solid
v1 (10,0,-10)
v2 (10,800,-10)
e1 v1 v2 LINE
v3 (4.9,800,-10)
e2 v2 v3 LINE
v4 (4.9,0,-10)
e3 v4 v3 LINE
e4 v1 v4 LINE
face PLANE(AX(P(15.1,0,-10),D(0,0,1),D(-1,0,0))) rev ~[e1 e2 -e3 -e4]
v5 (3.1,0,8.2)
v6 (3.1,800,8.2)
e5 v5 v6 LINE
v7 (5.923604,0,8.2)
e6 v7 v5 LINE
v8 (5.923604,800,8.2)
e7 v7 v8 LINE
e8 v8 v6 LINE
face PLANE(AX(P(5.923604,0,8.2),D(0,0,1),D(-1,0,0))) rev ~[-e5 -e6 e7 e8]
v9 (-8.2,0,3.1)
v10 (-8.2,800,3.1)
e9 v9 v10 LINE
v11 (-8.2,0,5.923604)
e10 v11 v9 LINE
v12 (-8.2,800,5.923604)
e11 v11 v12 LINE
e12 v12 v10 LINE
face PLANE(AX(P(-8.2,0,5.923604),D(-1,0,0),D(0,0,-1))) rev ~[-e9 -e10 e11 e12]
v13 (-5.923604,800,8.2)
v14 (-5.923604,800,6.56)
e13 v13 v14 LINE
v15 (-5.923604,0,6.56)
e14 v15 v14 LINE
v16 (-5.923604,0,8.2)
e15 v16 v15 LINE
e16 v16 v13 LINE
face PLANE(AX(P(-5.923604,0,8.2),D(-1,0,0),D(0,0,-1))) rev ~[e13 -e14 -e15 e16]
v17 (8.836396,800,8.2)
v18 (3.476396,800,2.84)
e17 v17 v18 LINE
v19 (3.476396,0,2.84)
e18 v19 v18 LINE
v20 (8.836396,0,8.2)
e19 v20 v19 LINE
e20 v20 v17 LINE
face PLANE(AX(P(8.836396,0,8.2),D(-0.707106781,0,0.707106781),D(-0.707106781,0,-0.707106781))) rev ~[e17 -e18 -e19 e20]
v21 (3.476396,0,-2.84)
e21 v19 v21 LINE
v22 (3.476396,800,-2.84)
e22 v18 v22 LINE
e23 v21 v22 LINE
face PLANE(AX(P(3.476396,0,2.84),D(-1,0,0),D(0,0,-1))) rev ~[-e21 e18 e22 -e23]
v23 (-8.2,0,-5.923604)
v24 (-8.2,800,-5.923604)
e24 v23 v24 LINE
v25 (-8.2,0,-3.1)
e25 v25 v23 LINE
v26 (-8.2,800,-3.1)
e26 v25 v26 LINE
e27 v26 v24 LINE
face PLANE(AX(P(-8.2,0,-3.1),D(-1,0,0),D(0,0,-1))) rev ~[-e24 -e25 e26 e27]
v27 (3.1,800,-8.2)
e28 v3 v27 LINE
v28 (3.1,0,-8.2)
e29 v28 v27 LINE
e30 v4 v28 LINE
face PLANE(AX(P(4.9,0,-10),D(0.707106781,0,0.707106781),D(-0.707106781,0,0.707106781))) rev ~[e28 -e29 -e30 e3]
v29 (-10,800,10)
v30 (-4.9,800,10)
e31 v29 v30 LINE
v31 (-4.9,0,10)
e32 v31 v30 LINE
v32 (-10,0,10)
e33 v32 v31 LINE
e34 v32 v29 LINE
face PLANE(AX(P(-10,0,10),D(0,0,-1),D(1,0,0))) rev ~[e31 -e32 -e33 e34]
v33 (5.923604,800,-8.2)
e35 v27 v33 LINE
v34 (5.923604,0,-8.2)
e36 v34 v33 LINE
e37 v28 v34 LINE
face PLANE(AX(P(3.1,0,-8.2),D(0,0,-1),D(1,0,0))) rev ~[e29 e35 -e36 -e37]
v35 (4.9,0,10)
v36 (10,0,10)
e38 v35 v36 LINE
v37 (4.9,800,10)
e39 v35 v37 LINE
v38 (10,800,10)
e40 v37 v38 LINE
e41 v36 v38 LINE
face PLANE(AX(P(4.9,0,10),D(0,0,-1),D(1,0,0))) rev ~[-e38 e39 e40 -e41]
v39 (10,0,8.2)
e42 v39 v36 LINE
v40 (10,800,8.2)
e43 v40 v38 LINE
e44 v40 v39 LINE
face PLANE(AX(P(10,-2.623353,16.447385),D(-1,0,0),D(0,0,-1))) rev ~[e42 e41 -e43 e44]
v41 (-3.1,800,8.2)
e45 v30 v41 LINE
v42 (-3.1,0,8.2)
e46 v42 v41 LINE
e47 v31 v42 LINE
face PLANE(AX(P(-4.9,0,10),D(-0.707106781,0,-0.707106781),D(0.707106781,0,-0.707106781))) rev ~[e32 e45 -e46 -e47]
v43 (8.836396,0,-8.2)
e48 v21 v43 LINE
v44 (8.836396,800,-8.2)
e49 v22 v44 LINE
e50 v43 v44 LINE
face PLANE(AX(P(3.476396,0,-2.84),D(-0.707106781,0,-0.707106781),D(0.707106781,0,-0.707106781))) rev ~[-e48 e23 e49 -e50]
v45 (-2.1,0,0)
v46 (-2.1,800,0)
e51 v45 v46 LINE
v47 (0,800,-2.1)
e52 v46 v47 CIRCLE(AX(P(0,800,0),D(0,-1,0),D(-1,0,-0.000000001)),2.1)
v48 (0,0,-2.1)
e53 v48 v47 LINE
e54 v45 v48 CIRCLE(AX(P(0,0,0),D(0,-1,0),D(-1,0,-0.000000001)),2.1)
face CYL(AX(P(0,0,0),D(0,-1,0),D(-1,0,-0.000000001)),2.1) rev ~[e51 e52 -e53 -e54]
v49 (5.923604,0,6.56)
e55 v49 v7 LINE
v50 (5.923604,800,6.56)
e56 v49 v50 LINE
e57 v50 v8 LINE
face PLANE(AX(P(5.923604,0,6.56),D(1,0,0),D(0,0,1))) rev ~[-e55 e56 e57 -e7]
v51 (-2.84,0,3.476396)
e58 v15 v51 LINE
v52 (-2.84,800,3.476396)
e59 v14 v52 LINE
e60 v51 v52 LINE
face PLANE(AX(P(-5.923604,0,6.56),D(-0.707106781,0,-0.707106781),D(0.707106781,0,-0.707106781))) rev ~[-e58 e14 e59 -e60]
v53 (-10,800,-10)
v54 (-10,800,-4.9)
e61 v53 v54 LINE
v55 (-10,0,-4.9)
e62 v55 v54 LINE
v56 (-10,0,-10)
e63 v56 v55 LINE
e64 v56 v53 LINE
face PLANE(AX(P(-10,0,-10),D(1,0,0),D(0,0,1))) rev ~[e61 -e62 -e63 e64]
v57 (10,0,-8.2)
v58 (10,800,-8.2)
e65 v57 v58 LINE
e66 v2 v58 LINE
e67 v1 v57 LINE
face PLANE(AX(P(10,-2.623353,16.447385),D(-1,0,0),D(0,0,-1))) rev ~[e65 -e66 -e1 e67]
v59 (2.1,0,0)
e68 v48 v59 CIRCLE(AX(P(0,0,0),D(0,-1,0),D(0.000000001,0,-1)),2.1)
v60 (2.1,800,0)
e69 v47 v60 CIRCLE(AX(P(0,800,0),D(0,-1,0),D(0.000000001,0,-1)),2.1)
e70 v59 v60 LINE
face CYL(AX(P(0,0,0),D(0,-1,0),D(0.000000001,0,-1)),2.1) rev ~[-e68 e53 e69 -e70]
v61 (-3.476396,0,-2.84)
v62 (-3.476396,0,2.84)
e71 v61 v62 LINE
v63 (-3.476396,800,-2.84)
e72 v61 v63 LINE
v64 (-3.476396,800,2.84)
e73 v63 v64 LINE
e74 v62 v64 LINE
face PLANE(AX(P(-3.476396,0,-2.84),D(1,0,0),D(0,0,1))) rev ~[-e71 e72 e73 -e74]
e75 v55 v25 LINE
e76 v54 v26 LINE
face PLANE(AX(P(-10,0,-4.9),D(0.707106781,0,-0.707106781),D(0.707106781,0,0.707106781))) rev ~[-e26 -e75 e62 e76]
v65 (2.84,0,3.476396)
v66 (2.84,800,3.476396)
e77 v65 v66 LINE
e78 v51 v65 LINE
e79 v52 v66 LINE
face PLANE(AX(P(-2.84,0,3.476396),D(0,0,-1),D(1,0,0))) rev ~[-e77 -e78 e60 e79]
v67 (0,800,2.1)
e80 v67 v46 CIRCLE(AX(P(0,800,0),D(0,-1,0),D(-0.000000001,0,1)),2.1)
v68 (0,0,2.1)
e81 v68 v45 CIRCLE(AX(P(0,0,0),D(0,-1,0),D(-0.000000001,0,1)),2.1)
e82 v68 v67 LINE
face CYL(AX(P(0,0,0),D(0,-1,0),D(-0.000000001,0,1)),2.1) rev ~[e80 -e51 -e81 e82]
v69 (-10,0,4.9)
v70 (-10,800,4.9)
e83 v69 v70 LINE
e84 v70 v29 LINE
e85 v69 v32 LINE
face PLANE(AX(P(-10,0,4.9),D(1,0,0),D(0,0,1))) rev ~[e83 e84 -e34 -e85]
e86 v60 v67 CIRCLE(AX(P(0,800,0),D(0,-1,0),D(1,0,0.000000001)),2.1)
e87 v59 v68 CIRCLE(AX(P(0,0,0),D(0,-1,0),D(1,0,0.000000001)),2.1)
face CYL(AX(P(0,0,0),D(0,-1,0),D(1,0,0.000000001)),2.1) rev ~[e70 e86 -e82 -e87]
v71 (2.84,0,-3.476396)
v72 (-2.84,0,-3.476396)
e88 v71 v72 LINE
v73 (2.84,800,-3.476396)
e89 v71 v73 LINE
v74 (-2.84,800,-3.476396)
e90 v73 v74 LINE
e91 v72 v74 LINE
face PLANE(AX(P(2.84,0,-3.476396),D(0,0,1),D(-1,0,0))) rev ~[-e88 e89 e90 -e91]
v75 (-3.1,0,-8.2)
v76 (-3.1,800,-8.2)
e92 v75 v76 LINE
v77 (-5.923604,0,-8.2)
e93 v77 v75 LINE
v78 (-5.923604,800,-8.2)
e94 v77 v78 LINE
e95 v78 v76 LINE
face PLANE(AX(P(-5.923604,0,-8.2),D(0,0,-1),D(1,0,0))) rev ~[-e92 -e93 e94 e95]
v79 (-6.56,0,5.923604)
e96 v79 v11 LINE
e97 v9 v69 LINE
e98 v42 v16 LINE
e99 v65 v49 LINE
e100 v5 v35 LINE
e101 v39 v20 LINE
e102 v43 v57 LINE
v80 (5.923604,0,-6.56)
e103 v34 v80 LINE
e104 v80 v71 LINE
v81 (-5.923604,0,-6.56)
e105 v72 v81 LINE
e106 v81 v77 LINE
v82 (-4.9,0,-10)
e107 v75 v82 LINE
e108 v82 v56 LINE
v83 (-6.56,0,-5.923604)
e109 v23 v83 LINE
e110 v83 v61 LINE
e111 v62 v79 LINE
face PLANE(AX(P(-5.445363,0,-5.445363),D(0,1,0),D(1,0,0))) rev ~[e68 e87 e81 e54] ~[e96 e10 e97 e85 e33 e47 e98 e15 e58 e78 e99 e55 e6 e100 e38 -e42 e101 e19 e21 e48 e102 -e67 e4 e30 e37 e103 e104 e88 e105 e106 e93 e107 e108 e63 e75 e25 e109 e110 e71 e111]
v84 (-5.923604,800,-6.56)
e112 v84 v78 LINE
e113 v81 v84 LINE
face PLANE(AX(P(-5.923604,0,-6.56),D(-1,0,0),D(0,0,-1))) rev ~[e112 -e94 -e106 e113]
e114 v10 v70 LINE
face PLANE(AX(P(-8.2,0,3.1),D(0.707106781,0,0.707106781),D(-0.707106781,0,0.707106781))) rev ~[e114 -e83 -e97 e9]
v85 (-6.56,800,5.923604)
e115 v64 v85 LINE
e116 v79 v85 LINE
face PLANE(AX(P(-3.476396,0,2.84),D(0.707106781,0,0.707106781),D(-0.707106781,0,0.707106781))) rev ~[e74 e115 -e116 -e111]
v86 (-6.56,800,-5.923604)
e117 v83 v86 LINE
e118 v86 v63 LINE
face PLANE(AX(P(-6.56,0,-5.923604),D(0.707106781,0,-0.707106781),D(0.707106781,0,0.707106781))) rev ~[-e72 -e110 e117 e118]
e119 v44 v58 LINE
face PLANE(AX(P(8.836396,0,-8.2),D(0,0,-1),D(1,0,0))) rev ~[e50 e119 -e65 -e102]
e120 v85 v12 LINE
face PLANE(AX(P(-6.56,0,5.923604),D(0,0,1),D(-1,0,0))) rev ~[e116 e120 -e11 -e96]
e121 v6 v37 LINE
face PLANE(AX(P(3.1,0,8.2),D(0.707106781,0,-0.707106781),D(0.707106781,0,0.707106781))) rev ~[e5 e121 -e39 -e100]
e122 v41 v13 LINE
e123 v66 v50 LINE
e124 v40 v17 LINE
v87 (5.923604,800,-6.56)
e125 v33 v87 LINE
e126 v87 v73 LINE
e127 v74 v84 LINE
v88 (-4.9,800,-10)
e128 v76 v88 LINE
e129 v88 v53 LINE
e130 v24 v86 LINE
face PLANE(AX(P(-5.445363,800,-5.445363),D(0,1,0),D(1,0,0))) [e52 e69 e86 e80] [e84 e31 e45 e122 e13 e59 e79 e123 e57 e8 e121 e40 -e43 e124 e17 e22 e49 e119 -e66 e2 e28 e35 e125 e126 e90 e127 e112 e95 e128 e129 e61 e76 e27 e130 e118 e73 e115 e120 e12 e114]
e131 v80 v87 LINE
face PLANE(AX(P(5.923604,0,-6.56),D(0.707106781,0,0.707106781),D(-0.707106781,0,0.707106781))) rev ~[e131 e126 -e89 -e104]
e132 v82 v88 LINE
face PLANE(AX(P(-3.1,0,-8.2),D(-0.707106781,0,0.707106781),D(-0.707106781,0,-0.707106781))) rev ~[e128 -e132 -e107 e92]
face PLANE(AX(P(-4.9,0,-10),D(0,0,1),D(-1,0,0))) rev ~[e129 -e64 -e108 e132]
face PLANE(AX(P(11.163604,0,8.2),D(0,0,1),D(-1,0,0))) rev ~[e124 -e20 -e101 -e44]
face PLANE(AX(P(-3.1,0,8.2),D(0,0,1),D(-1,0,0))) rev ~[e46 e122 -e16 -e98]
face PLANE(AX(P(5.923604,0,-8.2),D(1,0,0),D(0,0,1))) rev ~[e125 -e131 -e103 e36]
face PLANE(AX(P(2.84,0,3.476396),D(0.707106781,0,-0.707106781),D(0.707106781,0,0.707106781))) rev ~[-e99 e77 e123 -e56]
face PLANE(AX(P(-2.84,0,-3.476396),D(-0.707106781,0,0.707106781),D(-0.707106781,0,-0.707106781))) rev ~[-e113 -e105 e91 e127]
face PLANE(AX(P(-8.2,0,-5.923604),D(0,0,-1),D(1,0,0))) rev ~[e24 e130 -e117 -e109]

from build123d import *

# Parameters (mm, degrees)
EXTRUDE_1_DEPTH          = 800
CUT_EXTRUDE_1_DEPTH      = 802.623352953
CUT_EXTRUDE_1_DEPTH_BACK = 802.623352953
SKETCH_2_W               = 44.352947912
SKETCH_2_H               = 26.447385174


with BuildPart() as part:
    # 草图1 → 凸台-拉伸1 (new body)
    with BuildSketch(Plane(origin=(0, 0, 0), x_dir=(1, 0, 0), z_dir=(0, 1, 0))):
        with BuildLine():
            Line((-3.476396103, 2.84), (-3.476396103, 0))
            Line((-3.476396103, 0), (-2.1, 0))
            ThreePointArc((-2.1, 0), (-1.48492424, 1.48492424), (0, 2.1))
            Line((0, 2.1), (0, 3.476396103))
            Line((0, 3.476396103), (-2.84, 3.476396103))
            Line((-2.84, 3.476396103), (-5.923603897, 6.56))
            Line((-5.923603897, 6.56), (-5.923603897, 8.2))
            Line((-5.923603897, 8.2), (-3.1, 8.2))
            Line((-3.1, 8.2), (-4.9, 10))
            Line((-4.9, 10), (-10, 10))
            Line((-10, 10), (-10, 4.9))
            Line((-10, 4.9), (-8.2, 3.1))
            Line((-8.2, 3.1), (-8.2, 5.923603897))
            Line((-8.2, 5.923603897), (-6.56, 5.923603897))
            Line((-6.56, 5.923603897), (-3.476396103, 2.84))
        make_face()
        with BuildLine():
            Line((-2.1, 0), (-3.476396103, 0))
            Line((-3.476396103, 0), (-3.476396103, -2.84))
            Line((-3.476396103, -2.84), (-6.56, -5.923603897))
            Line((-6.56, -5.923603897), (-8.2, -5.923603897))
            Line((-8.2, -5.923603897), (-8.2, -3.1))
            Line((-8.2, -3.1), (-10, -4.9))
            Line((-10, -4.9), (-10, -10))
            Line((-10, -10), (-4.9, -10))
            Line((-4.9, -10), (-3.1, -8.2))
            Line((-3.1, -8.2), (-5.923603897, -8.2))
            Line((-5.923603897, -8.2), (-5.923603897, -6.56))
            Line((-5.923603897, -6.56), (-2.84, -3.476396103))
            Line((-2.84, -3.476396103), (0, -3.476396103))
            Line((0, -3.476396103), (0, -2.1))
            ThreePointArc((0, -2.1), (-1.48492424, -1.48492424), (-2.1, 0))
        make_face()
        with BuildLine():
            ThreePointArc((2.1, 0), (1.48492424, -1.48492424), (0, -2.1))
            Line((0, -2.1), (0, -3.476396103))
            Line((0, -3.476396103), (2.84, -3.476396103))
            Line((2.84, -3.476396103), (5.923603897, -6.56))
            Line((5.923603897, -6.56), (5.923603897, -8.2))
            Line((5.923603897, -8.2), (3.1, -8.2))
            Line((3.1, -8.2), (4.9, -10))
            Line((4.9, -10), (15.1, -10))
            Line((15.1, -10), (16.9, -8.2))
            Line((16.9, -8.2), (14.076396103, -8.2))
            Line((14.076396103, -8.2), (14.076396103, -6.56))
            Line((14.076396103, -6.56), (17.16, -3.476396103))
            Line((17.16, -3.476396103), (20, -3.476396103))
            Line((20, -3.476396103), (20, -2.1))
            ThreePointArc((20, -2.1), (18.51507576, -1.48492424), (17.9, 0))
            Line((17.9, 0), (16.523603897, 0))
            Line((16.523603897, 0), (16.523603897, -2.84))
            Line((16.523603897, -2.84), (13.44, -5.923603897))
            Line((13.44, -5.923603897), (11.163603897, -8.2))
            Line((11.163603897, -8.2), (8.836396103, -8.2))
            Line((8.836396103, -8.2), (6.56, -5.923603897))
            Line((6.56, -5.923603897), (3.476396103, -2.84))
            Line((3.476396103, -2.84), (3.476396103, 0))
            Line((3.476396103, 0), (2.1, 0))
        make_face()
        with BuildLine():
            Line((0, 3.476396103), (0, 2.1))
            ThreePointArc((0, 2.1), (1.48492424, 1.48492424), (2.1, 0))
            Line((2.1, 0), (3.476396103, 0))
            Line((3.476396103, 0), (3.476396103, 2.84))
            Line((3.476396103, 2.84), (6.56, 5.923603897))
            Line((6.56, 5.923603897), (8.836396103, 8.2))
            Line((8.836396103, 8.2), (11.163603897, 8.2))
            Line((11.163603897, 8.2), (13.44, 5.923603897))
            Line((13.44, 5.923603897), (16.523603897, 2.84))
            Line((16.523603897, 2.84), (16.523603897, 0))
            Line((16.523603897, 0), (17.9, 0))
            ThreePointArc((17.9, 0), (18.51507576, 1.48492424), (20, 2.1))
            Line((20, 2.1), (20, 3.476396103))
            Line((20, 3.476396103), (17.16, 3.476396103))
            Line((17.16, 3.476396103), (14.076396103, 6.56))
            Line((14.076396103, 6.56), (14.076396103, 8.2))
            Line((14.076396103, 8.2), (16.9, 8.2))
            Line((16.9, 8.2), (15.1, 10))
            Line((15.1, 10), (4.9, 10))
            Line((4.9, 10), (3.1, 8.2))
            Line((3.1, 8.2), (5.923603897, 8.2))
            Line((5.923603897, 8.2), (5.923603897, 6.56))
            Line((5.923603897, 6.56), (2.84, 3.476396103))
            Line((2.84, 3.476396103), (0, 3.476396103))
        make_face()
        with BuildLine():
            Line((20, 3.476396103), (20, 2.1))
            ThreePointArc((20, 2.1), (21.48492424, 1.48492424), (22.1, 0))
            Line((22.1, 0), (23.476396103, 0))
            Line((23.476396103, 0), (23.476396103, 2.84))
            Line((23.476396103, 2.84), (26.56, 5.923603897))
            Line((26.56, 5.923603897), (28.836396103, 8.2))
            Line((28.836396103, 8.2), (31.163603897, 8.2))
            Line((31.163603897, 8.2), (33.44, 5.923603897))
            Line((33.44, 5.923603897), (36.523603897, 2.84))
            Line((36.523603897, 2.84), (36.523603897, 0))
            Line((36.523603897, 0), (37.9, 0))
            ThreePointArc((37.9, 0), (40, 2.1), (42.1, 0))
            Line((42.1, 0), (43.476396103, 0))
            Line((43.476396103, 0), (43.476396103, 2.84))
            Line((43.476396103, 2.84), (46.56, 5.923603897))
            Line((46.56, 5.923603897), (48.2, 5.923603897))
            Line((48.2, 5.923603897), (48.2, 3.1))
            Line((48.2, 3.1), (50, 4.9))
            Line((50, 4.9), (50, 10))
            Line((50, 10), (44.9, 10))
            Line((44.9, 10), (43.1, 8.2))
            Line((43.1, 8.2), (45.923603897, 8.2))
            Line((45.923603897, 8.2), (45.923603897, 6.56))
            Line((45.923603897, 6.56), (42.84, 3.476396103))
            Line((42.84, 3.476396103), (37.16, 3.476396103))
            Line((37.16, 3.476396103), (34.076396103, 6.56))
            Line((34.076396103, 6.56), (34.076396103, 8.2))
            Line((34.076396103, 8.2), (36.9, 8.2))
            Line((36.9, 8.2), (35.1, 10))
            Line((35.1, 10), (24.9, 10))
            Line((24.9, 10), (23.1, 8.2))
            Line((23.1, 8.2), (25.923603897, 8.2))
            Line((25.923603897, 8.2), (25.923603897, 6.56))
            Line((25.923603897, 6.56), (22.84, 3.476396103))
            Line((22.84, 3.476396103), (20, 3.476396103))
        make_face()
        with BuildLine():
            ThreePointArc((22.1, 0), (21.48492424, -1.48492424), (20, -2.1))
            Line((20, -2.1), (20, -3.476396103))
            Line((20, -3.476396103), (22.84, -3.476396103))
            Line((22.84, -3.476396103), (25.923603897, -6.56))
            Line((25.923603897, -6.56), (25.923603897, -8.2))
            Line((25.923603897, -8.2), (23.1, -8.2))
            Line((23.1, -8.2), (24.9, -10))
            Line((24.9, -10), (35.1, -10))
            Line((35.1, -10), (36.9, -8.2))
            Line((36.9, -8.2), (34.076396103, -8.2))
            Line((34.076396103, -8.2), (34.076396103, -6.56))
            Line((34.076396103, -6.56), (37.16, -3.476396103))
            Line((37.16, -3.476396103), (42.84, -3.476396103))
            Line((42.84, -3.476396103), (45.923603897, -6.56))
            Line((45.923603897, -6.56), (45.923603897, -8.2))
            Line((45.923603897, -8.2), (43.1, -8.2))
            Line((43.1, -8.2), (44.9, -10))
            Line((44.9, -10), (50, -10))
            Line((50, -10), (50, -4.9))
            Line((50, -4.9), (48.2, -3.1))
            Line((48.2, -3.1), (48.2, -5.923603897))
            Line((48.2, -5.923603897), (46.56, -5.923603897))
            Line((46.56, -5.923603897), (43.476396103, -2.84))
            Line((43.476396103, -2.84), (43.476396103, 0))
            Line((43.476396103, 0), (42.1, 0))
            ThreePointArc((42.1, 0), (40, -2.1), (37.9, 0))
            Line((37.9, 0), (36.523603897, 0))
            Line((36.523603897, 0), (36.523603897, -2.84))
            Line((36.523603897, -2.84), (33.44, -5.923603897))
            Line((33.44, -5.923603897), (31.163603897, -8.2))
            Line((31.163603897, -8.2), (28.836396103, -8.2))
            Line((28.836396103, -8.2), (26.56, -5.923603897))
            Line((26.56, -5.923603897), (23.476396103, -2.84))
            Line((23.476396103, -2.84), (23.476396103, 0))
            Line((23.476396103, 0), (22.1, 0))
        make_face()
    extrude(amount=EXTRUDE_1_DEPTH)

    # 草图2 → 切除-拉伸1 (cut, two sides: drawn at the far end of the back side and taken through both)
    with BuildSketch(Plane(origin=(0, 800, 0), x_dir=(1, 0, 0), z_dir=(0, 1, 0)).offset(-CUT_EXTRUDE_1_DEPTH_BACK)):
        with Locations((32.176473956, -3.223692587)):
            Rectangle(SKETCH_2_W, SKETCH_2_H)
    extrude(amount=CUT_EXTRUDE_1_DEPTH + CUT_EXTRUDE_1_DEPTH_BACK, mode=Mode.SUBTRACT)


solid = part.part
